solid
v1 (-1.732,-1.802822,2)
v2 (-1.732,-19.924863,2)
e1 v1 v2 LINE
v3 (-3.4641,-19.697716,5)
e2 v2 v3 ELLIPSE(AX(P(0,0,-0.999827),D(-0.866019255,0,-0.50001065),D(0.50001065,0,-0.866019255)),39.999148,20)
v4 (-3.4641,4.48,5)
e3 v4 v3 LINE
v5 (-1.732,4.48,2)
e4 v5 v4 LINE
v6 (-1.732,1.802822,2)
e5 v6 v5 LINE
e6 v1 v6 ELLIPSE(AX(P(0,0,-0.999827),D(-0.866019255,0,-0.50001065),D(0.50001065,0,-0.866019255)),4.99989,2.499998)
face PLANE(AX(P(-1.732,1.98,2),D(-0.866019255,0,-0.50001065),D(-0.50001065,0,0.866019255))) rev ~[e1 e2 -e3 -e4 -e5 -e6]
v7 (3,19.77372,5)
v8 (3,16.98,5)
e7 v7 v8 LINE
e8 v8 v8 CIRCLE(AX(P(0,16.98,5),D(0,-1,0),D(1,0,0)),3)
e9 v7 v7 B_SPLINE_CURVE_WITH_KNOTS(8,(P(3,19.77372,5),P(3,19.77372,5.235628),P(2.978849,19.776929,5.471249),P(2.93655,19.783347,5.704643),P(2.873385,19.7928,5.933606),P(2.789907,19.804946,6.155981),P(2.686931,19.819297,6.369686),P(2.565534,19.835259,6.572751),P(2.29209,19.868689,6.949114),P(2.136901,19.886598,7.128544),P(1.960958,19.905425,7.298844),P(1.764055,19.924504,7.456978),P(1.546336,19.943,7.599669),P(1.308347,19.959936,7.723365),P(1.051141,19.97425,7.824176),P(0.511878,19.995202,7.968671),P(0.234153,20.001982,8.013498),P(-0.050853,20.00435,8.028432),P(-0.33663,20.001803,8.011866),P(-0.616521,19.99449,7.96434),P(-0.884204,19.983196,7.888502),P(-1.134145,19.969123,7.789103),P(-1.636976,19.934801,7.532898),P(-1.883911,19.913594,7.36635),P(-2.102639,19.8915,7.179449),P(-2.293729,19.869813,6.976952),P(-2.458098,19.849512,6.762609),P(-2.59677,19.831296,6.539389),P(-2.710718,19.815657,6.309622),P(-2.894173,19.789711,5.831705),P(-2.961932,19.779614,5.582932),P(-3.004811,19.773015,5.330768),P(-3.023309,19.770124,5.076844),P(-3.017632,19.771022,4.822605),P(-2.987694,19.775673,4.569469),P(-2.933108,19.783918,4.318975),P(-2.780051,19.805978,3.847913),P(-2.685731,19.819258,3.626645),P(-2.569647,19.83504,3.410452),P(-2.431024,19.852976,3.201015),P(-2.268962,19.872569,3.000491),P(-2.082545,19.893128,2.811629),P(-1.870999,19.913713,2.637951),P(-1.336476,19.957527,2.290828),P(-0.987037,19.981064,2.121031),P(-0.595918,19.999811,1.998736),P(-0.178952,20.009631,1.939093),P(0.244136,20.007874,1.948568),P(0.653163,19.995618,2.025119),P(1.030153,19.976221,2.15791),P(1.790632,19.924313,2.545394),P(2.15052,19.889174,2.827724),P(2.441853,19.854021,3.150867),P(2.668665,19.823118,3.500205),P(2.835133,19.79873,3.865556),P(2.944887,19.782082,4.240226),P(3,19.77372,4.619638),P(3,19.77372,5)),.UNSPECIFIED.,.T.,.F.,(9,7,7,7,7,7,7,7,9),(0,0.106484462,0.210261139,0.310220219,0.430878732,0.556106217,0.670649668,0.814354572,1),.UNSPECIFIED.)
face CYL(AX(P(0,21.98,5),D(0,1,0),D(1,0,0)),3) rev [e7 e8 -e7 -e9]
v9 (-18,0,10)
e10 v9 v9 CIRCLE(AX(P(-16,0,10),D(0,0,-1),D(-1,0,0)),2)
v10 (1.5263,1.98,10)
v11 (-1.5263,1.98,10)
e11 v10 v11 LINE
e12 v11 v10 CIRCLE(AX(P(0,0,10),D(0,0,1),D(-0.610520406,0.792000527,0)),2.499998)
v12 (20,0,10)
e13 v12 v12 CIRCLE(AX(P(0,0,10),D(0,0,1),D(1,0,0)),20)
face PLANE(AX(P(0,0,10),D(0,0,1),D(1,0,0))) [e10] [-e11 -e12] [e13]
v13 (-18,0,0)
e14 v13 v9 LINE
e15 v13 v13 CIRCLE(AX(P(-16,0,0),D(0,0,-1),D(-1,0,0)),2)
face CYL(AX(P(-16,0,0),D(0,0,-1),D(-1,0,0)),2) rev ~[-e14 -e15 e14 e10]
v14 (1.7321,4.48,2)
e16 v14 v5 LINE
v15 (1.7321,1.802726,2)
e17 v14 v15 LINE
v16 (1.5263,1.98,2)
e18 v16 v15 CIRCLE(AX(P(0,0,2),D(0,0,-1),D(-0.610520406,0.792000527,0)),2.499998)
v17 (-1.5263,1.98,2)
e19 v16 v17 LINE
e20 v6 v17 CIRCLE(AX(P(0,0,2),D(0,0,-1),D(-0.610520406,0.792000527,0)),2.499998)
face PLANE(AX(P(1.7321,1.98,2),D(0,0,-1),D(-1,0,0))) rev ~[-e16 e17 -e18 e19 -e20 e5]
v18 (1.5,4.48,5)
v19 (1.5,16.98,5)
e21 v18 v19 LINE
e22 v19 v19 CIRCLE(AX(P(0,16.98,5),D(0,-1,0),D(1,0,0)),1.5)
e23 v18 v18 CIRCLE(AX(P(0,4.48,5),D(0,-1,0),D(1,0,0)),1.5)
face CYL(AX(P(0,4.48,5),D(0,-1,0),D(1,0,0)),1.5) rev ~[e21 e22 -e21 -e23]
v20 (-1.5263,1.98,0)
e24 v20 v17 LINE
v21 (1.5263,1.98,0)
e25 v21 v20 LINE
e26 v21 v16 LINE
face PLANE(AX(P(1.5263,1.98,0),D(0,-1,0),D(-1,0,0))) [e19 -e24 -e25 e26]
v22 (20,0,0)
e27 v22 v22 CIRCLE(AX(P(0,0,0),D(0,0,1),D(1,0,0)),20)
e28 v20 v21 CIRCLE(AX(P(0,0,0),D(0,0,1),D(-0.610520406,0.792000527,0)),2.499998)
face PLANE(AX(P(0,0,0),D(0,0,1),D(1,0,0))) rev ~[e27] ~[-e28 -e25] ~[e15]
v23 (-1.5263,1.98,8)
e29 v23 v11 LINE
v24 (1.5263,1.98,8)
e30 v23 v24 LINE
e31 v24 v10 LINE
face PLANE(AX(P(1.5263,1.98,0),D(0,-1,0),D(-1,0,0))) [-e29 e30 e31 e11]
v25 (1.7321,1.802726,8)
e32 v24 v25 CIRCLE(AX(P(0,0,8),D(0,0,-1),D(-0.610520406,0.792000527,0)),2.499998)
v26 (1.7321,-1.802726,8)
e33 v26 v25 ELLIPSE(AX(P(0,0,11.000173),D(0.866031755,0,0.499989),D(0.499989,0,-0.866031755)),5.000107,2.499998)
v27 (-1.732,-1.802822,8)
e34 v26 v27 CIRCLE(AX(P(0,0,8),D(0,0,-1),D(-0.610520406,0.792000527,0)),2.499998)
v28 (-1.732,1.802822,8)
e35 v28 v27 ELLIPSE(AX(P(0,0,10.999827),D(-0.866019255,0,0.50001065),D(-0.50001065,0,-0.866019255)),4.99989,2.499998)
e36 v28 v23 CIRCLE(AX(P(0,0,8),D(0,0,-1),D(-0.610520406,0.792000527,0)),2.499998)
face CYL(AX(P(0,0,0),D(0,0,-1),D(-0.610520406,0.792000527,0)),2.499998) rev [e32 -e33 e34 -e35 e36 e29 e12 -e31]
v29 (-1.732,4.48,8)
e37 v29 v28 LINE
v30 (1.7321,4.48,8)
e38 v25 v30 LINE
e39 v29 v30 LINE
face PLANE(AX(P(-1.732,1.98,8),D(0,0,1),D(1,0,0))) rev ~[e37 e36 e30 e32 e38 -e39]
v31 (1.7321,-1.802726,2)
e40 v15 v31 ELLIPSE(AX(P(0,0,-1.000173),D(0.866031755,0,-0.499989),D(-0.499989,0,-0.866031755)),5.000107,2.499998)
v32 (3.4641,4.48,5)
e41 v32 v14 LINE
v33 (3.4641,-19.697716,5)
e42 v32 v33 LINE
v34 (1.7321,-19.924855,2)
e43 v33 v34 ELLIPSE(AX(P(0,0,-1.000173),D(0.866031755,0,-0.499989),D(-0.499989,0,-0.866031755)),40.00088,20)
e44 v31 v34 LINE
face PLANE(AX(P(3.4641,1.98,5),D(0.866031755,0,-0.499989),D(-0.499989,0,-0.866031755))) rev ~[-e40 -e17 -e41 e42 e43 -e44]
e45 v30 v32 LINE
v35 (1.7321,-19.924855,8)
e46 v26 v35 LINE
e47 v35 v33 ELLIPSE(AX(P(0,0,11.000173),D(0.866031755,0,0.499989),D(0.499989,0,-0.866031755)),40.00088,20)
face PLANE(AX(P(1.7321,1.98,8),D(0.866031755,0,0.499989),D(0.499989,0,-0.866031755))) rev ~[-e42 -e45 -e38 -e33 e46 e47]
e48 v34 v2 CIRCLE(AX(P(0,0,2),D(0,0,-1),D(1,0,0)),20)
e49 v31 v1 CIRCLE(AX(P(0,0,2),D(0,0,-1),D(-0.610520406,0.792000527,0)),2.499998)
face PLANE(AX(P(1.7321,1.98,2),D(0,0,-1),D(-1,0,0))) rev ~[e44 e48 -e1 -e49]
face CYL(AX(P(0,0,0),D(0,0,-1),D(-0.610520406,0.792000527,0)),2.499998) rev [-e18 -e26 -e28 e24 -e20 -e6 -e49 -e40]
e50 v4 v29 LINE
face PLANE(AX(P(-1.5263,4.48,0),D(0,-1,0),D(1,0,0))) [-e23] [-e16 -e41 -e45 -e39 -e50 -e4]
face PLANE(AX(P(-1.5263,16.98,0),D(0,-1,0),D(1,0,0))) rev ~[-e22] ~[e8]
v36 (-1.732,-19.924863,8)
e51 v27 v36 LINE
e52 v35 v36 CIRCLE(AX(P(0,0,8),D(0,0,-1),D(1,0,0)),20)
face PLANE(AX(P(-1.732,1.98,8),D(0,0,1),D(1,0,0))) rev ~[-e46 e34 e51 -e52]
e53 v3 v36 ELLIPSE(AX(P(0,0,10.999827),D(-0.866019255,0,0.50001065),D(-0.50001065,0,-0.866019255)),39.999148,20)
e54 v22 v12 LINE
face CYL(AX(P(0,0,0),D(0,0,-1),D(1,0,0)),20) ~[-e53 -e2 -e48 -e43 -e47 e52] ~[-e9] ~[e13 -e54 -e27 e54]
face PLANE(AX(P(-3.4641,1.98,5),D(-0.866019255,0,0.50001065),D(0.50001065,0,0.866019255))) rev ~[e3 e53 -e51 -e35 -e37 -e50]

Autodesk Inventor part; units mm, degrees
ref_plane "YZ Plane" through (0, 0, 0) normal (1, 0, 0) x (0, 1, 0)
ref_plane "XZ Plane" through (0, 0, 0) normal (0, 1, 0) x (-1, 0, 0)
ref_plane "XY Plane" through (0, 0, 0) normal (0, 0, 1) x (1, 0, 0)
sketch "草圖1" plane through (0, 0, 0) normal (0, 0, 1) x (1, 0, 0)
  arc A0 (-1.5263, 1.98) -> (1.5263, 1.98) centre (0, 0) ccw
  line L0 (1.5263, 1.98) -> (-1.5263, 1.98)
  circle A1 centre (0, 0) radius 20
  point P0 (0, -2.5)
  dimension "d0" = 5
  dimension "d2" = 4.48
  dimension "d3" = 40
extrude "擠出1" add sketch "草圖1" along normal blind 10
sketch "草圖2" plane through (-1.5263, 1.98, 0) normal (0, -1, 0) x (1, 0, 0)
  line L0 (3.2584, 8) -> (4.9904, 5)
  line L1 (4.9904, 5) -> (3.2584, 2)
  line L2 (3.2584, 2) -> (-0.2057, 2)
  line L3 (-0.2057, 2) -> (-1.9378, 5)
  line L4 (-1.9378, 5) -> (-0.2057, 8)
  line L5 (-0.2057, 8) -> (3.2584, 8)
  point P0 (1.5263, 0)
  point P1 (1.5263, 5)
  point P2 (1.5263, 8)
extrude "擠出2" cut sketch "草圖2" against normal blind 2.5
extrude "擠出3" cut sketch "草圖2" along normal through all
sketch "草圖4" plane through (-1.5263, 4.48, 0) normal (0, -1, 0) x (1, 0, 0)
  circle A0 centre (1.5263, 5) radius 1.5
  circle A1 centre (1.5263, 5) radius 3
  point P0 (1.5263, 0)
  dimension "d11" = 3
  dimension "d12" = 6
extrude "擠出4" cut sketch "草圖4" against normal through all contours A0
ref_plane "工作平面1" through (-1.5263, 21.98, 0) normal (0, -1, 0) x (1, 0, 0)
sketch "草圖5" plane through (-1.5263, 21.98, 0) normal (0, -1, 0) x (1, 0, 0)
  circle A0 centre (1.5263, 5) radius 1.5 projected
  circle A1 centre (1.5263, 5) radius 3
  point P0 (1.5263, 0)
  dimension "d16" = 6
extrude "擠出5" cut sketch "草圖5" along normal blind 5 contours A0 | A1
sketch "草圖6" plane through (0, 0, 0) normal (0, 0, -1) x (-1, 0, 0)
  circle A0 centre (16, 0) radius 2
  point P0 (0, 0)
  dimension "d19" = 4
  dimension "d20" = 16
extrude "擠出6" cut sketch "草圖6" against normal through all
properties part number "crank"
